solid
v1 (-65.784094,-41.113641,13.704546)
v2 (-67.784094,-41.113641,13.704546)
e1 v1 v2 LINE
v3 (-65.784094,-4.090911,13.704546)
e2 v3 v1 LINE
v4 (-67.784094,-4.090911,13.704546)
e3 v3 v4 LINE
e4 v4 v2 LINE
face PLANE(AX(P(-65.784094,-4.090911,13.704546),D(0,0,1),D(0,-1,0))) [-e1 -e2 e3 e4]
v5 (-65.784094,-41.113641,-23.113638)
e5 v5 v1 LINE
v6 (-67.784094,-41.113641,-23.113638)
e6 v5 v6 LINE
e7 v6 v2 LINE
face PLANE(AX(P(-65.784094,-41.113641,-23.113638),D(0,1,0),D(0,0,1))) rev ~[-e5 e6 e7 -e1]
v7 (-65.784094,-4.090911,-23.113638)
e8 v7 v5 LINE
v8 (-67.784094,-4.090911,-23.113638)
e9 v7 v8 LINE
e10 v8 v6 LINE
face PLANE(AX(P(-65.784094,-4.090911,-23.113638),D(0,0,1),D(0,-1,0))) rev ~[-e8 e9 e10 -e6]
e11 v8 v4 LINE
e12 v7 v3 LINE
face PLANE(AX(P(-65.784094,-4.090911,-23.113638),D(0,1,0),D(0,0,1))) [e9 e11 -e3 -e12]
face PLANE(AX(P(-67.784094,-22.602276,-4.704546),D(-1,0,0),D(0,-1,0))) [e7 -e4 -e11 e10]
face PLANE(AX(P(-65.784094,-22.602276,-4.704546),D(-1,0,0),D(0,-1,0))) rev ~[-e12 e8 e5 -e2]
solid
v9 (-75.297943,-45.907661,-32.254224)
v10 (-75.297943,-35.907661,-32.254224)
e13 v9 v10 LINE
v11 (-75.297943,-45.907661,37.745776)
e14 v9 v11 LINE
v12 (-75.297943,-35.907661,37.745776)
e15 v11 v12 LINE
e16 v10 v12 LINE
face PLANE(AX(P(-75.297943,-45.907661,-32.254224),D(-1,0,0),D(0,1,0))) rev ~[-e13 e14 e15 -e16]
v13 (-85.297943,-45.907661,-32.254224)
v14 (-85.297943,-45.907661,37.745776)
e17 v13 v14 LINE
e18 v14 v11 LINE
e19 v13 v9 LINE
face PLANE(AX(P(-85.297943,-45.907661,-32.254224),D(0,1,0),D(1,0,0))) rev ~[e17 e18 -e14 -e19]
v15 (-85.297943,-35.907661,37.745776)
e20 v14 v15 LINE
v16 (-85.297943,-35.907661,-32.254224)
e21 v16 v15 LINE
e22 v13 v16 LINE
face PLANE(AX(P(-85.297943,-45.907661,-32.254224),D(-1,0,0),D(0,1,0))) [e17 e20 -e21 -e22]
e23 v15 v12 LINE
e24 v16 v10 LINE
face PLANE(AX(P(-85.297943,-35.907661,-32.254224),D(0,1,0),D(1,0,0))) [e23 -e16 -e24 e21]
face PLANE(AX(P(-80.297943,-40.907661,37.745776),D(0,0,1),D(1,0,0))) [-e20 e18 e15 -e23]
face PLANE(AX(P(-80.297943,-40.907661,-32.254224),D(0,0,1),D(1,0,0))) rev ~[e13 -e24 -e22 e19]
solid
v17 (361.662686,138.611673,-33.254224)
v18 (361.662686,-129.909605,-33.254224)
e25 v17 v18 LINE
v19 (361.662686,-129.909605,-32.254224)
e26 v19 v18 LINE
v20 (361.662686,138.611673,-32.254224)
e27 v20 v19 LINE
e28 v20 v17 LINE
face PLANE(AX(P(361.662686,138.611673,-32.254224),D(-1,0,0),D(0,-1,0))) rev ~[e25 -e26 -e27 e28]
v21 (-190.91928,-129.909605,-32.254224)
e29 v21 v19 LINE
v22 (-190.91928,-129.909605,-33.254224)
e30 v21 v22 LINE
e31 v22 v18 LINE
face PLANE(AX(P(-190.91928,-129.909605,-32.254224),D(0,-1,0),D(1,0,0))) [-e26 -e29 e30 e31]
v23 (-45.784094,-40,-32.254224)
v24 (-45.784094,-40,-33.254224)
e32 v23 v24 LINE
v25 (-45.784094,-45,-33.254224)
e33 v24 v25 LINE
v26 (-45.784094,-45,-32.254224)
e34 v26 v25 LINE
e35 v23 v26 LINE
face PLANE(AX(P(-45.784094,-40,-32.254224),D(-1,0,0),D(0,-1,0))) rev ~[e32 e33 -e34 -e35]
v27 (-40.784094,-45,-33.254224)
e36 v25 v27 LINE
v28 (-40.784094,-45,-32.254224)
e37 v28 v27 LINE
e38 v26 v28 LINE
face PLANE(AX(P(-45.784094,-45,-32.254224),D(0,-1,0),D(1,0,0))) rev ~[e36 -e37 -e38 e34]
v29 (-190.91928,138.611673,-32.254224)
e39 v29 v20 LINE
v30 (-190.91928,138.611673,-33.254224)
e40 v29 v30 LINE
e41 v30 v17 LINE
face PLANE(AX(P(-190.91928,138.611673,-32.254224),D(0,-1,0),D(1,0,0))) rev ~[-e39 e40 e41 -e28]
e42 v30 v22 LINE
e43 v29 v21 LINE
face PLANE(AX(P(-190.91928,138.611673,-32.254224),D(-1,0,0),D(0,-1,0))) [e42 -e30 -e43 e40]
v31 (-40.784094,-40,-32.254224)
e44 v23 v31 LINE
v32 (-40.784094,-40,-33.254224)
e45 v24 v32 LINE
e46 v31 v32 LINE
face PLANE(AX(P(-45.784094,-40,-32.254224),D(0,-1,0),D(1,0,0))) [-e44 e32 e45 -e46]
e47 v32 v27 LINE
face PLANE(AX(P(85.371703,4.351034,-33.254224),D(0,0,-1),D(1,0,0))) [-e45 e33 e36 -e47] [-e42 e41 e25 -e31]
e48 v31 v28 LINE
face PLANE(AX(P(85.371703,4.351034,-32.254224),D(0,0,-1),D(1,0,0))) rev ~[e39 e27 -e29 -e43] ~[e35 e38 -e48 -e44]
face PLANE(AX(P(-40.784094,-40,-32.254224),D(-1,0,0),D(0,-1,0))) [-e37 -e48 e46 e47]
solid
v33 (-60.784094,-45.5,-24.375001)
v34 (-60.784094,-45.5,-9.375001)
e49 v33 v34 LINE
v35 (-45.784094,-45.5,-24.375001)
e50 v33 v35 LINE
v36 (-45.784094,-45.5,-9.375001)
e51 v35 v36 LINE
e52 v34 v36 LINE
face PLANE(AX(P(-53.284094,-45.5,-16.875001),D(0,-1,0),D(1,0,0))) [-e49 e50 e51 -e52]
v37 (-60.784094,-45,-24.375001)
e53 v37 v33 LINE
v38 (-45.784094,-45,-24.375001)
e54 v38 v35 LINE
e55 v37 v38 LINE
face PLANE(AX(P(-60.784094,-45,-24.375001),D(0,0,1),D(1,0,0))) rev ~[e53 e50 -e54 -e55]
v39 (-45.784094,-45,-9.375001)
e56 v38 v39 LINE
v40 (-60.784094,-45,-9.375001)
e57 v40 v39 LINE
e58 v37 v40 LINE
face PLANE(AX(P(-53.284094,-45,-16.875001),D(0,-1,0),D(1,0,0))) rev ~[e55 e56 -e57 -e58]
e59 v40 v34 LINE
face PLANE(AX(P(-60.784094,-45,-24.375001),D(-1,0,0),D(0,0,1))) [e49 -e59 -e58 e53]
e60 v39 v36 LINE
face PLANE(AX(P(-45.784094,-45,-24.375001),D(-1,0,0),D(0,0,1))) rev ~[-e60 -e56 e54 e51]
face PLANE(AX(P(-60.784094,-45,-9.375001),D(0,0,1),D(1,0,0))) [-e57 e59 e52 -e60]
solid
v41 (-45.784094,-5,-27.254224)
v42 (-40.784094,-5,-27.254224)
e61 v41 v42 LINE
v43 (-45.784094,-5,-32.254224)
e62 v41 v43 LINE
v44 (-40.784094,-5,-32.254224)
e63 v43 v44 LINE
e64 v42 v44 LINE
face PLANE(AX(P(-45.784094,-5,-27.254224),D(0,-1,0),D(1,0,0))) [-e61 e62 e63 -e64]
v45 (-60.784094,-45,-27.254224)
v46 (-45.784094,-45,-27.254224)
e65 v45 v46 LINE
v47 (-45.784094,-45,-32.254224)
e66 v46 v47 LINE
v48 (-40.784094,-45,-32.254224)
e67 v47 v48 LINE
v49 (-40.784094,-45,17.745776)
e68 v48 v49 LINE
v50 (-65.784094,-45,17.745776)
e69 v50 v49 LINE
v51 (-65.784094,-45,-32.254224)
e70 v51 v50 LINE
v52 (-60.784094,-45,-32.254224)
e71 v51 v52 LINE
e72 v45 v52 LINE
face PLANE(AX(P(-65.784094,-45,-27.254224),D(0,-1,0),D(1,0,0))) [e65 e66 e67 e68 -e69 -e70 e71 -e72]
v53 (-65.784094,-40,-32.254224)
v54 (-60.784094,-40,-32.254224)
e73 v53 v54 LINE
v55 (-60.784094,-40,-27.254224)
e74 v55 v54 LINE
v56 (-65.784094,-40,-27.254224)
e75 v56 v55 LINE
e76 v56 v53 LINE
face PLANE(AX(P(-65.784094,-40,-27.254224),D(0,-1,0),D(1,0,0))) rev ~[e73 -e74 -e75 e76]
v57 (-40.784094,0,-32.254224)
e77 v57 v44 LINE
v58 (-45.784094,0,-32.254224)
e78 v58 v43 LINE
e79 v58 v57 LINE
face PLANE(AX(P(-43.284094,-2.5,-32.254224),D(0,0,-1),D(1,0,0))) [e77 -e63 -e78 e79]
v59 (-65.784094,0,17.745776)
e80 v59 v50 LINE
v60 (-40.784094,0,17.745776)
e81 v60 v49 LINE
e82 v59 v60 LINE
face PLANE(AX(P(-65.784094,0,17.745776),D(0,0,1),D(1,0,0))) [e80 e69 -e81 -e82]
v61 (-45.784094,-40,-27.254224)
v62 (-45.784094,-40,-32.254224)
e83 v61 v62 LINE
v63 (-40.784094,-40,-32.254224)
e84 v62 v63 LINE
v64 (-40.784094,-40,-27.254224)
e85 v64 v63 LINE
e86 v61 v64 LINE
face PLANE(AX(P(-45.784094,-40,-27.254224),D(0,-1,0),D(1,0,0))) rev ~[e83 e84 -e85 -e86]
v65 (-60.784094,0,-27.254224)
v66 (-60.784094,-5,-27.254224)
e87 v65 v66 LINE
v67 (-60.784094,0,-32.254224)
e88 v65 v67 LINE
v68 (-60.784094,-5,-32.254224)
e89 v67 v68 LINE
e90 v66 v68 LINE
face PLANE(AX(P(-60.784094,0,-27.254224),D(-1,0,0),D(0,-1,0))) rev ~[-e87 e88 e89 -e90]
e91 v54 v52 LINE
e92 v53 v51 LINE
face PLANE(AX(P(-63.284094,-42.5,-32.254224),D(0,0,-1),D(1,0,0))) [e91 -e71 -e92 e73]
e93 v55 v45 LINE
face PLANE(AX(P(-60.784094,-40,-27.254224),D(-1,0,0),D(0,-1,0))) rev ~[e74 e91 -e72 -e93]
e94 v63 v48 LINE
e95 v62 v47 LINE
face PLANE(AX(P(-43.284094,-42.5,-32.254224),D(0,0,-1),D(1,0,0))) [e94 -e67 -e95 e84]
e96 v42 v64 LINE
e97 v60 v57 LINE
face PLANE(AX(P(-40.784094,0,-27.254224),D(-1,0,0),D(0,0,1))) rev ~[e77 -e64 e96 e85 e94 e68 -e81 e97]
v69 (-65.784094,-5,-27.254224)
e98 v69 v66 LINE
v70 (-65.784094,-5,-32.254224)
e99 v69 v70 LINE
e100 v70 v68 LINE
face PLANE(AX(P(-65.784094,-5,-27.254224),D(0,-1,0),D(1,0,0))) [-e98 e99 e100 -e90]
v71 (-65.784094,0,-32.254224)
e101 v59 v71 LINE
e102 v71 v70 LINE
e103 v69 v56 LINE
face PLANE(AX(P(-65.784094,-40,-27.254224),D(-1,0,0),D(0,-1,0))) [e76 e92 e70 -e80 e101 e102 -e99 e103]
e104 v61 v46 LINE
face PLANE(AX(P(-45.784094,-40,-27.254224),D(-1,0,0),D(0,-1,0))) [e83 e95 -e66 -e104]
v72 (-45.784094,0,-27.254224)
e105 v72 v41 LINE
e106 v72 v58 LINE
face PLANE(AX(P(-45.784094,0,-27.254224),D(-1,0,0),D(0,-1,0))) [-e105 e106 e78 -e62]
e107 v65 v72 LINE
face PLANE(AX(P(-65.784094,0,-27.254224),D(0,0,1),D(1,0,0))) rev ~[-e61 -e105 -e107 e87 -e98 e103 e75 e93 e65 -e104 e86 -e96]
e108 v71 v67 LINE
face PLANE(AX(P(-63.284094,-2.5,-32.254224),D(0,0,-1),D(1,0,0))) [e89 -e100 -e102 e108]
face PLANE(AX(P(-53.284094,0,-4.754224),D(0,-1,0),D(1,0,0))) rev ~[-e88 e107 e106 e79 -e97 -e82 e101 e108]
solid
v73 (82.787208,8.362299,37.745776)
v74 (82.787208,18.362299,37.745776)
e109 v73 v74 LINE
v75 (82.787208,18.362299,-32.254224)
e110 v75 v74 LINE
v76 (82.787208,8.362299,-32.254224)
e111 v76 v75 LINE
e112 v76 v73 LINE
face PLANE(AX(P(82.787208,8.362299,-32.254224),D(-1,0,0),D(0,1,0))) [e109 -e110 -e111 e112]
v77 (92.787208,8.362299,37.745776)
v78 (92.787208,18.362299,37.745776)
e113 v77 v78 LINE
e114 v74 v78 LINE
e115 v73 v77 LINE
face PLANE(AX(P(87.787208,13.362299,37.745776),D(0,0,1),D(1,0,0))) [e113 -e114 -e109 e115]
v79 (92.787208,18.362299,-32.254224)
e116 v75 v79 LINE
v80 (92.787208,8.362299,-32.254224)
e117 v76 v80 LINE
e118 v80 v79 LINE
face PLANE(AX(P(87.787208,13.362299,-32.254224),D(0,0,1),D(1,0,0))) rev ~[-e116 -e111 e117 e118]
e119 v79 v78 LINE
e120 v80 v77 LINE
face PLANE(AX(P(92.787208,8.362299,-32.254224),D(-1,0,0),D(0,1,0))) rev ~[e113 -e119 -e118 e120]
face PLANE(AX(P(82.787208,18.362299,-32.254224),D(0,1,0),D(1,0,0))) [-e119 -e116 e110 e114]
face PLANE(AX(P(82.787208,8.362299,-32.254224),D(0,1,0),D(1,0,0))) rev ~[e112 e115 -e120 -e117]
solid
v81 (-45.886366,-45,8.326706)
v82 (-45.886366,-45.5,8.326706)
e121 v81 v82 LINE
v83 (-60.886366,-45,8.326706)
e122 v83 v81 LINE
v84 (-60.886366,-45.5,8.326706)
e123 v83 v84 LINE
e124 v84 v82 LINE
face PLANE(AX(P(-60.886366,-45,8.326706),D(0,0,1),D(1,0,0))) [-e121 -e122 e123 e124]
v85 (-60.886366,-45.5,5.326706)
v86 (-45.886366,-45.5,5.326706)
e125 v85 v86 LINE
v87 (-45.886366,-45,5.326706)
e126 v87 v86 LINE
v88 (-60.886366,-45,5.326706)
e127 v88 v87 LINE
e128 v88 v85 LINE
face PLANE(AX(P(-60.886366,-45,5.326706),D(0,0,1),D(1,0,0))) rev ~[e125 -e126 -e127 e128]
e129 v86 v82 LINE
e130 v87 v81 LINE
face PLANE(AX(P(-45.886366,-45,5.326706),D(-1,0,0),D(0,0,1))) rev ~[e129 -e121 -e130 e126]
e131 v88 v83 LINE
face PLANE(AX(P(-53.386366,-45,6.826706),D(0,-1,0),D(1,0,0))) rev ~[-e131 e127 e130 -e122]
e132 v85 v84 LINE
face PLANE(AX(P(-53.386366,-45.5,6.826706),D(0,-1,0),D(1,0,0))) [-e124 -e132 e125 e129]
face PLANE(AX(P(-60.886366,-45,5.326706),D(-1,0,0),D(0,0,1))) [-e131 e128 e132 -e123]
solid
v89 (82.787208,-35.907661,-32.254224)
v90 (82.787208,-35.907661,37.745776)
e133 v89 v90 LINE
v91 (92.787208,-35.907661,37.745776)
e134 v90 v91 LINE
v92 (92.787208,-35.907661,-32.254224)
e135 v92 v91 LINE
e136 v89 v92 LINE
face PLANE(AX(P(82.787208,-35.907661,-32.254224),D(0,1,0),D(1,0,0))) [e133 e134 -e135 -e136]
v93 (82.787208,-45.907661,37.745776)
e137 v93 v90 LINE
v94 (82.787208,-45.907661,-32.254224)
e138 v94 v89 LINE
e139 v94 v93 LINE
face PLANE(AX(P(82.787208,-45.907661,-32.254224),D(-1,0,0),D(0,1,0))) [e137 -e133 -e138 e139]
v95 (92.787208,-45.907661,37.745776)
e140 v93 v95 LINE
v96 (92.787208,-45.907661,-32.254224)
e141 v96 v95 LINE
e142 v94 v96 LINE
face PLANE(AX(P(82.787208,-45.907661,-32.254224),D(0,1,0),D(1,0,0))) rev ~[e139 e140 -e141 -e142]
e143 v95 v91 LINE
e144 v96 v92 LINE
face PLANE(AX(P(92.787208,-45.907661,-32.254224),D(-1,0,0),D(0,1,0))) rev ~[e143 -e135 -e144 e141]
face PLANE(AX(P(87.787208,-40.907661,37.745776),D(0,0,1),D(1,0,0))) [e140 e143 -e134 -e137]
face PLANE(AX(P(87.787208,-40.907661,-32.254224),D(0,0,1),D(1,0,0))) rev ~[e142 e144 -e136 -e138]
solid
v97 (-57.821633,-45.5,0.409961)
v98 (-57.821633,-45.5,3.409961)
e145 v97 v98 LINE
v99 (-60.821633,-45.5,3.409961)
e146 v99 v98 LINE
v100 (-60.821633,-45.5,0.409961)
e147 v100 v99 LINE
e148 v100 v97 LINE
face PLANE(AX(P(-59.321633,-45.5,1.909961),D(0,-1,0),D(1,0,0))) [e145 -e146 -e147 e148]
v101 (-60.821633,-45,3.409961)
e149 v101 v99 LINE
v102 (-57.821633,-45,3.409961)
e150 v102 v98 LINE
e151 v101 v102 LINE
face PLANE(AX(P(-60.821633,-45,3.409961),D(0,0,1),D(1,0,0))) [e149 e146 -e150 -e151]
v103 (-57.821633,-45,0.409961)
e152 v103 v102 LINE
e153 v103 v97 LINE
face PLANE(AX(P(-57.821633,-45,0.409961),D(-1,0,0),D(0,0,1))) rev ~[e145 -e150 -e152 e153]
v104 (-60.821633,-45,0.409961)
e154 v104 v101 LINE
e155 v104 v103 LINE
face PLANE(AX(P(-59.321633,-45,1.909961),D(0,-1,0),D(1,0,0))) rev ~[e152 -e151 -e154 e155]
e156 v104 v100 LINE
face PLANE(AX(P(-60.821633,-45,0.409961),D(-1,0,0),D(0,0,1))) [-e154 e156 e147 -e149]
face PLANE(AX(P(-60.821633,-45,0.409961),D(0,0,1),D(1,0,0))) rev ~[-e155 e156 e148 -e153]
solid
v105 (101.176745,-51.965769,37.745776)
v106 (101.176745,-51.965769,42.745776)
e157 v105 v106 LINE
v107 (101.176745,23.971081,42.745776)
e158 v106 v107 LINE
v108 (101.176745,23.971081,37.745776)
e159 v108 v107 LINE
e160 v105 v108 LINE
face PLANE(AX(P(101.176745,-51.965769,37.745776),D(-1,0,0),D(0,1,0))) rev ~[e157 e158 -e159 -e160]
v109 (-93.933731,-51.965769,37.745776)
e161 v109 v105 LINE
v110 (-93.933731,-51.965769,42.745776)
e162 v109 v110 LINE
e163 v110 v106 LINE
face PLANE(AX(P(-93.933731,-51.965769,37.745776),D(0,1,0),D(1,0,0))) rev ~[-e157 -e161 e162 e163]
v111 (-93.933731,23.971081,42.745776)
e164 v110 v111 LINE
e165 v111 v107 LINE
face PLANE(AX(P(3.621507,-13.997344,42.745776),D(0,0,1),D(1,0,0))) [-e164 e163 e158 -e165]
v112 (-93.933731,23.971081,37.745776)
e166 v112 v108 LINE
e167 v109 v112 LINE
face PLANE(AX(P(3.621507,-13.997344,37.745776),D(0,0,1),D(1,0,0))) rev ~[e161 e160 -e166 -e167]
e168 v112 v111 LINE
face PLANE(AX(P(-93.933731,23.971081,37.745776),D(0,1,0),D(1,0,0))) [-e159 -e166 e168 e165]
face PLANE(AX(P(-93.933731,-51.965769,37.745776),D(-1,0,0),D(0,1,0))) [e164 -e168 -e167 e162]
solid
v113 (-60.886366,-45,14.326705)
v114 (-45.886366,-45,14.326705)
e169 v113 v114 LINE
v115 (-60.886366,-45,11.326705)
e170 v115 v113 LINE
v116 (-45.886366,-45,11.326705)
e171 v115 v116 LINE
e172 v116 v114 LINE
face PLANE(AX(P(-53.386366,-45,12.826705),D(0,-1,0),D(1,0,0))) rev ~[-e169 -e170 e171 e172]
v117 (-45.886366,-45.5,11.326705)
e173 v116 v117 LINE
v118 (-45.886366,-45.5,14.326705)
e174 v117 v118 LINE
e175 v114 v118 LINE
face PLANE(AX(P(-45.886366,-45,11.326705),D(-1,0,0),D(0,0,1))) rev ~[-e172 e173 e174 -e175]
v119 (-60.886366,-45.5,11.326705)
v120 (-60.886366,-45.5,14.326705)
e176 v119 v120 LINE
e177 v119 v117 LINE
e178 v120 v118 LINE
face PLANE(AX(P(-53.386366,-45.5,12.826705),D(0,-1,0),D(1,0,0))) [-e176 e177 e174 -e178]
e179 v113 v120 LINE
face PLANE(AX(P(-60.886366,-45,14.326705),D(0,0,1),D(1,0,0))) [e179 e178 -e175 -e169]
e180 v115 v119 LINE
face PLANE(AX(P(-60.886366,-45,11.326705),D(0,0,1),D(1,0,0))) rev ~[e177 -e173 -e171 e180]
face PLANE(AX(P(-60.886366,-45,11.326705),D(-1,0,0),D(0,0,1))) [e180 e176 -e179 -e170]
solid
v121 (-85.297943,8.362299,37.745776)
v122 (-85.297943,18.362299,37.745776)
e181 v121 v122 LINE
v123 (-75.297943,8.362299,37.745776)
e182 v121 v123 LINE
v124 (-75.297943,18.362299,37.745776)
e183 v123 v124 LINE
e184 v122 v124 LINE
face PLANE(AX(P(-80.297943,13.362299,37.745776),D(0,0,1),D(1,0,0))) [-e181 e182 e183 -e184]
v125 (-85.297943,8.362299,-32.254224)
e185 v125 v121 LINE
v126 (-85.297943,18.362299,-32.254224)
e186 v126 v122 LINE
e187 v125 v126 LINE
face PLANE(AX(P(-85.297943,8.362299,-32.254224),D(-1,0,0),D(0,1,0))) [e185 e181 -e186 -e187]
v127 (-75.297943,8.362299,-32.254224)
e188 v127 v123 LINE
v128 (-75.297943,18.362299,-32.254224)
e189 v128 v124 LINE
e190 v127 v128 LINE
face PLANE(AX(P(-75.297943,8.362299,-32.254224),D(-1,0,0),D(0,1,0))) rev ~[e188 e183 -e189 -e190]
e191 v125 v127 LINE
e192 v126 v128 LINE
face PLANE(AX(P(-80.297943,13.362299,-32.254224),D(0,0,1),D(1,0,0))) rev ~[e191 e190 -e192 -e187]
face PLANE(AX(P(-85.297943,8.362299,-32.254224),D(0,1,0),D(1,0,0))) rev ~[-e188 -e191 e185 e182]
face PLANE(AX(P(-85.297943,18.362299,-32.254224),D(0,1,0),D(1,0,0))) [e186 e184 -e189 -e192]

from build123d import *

# Parameters (mm, degrees)
F0_W      = 25
F0_H      = 45
F1_DEPTH  = 45
F2_W      = 37.02273
F2_H      = 36.818184
F3_DEPTH  = 2
F4_W      = 15
F4_H      = 3
F5_DEPTH  = 0.5
F6_W      = 15
F6_H      = 15
F7_DEPTH  = 0.5
F8_W      = 3
F8_H      = 3
F9_DEPTH  = 0.5
F11_W     = 5
F11_H     = 5
F12_DEPTH = 5
F13_W     = 552.581966
F13_H     = 268.521279
F13_W_2   = 5
F13_H_2   = 5
F14_DEPTH = 1
F15_W     = 10
F15_H     = 10
F16_DEPTH = 70
F17_W     = 195.110477
F17_H     = 75.93685
F18_DEPTH = 5


with BuildPart() as f1:
    # F0 (on Front) → F1 (new body)
    with BuildSketch(Plane.XZ):
        with Locations((-53.284094, -4.754224)):
            Rectangle(F0_W, F0_H)
    extrude(amount=F1_DEPTH)

    # F11 (on face) → F12 (join)
    with BuildSketch(Plane(origin=(0, 0, -27.254224), x_dir=(1, 0, 0), z_dir=(0, 0, -1))):
        with Locations((-63.284094, 42.5)):
            Rectangle(F11_W, F11_H)
        with Locations((-43.284094, 42.5)):
            Rectangle(F11_W, F11_H)
        with Locations((-63.284094, 2.5)):
            Rectangle(F11_W, F11_H)
        with Locations((-43.284094, 2.5)):
            Rectangle(F11_W, F11_H)
    extrude(amount=F12_DEPTH)


with BuildPart() as f3:
    # F2 (on face) → F3 (new body)
    with BuildSketch(Plane(origin=(-65.784094, 0, 0), x_dir=(0, -1, 0), z_dir=(-1, 0, 0))):
        with Locations((22.602276, -4.704546)):
            Rectangle(F2_W, F2_H)
    extrude(amount=F3_DEPTH)


with BuildPart() as f5:
    # F4 (on face) → F5 (new body)
    with BuildSketch(Plane.XZ.offset(45)):
        with Locations((-53.386366, 12.826705)):
            Rectangle(F4_W, F4_H)
        with Locations((-53.386366, 6.826706)):
            Rectangle(F4_W, F4_H)
    extrude(amount=F5_DEPTH)


with BuildPart() as f7:
    # F6 (on face) → F7 (new body)
    with BuildSketch(Plane.XZ.offset(45)):
        with Locations((-53.284094, -16.875001)):
            Rectangle(F6_W, F6_H)
    extrude(amount=F7_DEPTH)


with BuildPart() as f9:
    # F8 (on face) → F9 (new body)
    with BuildSketch(Plane.XZ.offset(45)):
        with Locations((-59.321633, 1.909961)):
            Rectangle(F8_W, F8_H)
    extrude(amount=F9_DEPTH)


with BuildPart() as f14:
    # F13 (on face) → F14 (new body)
    with BuildSketch(Plane(origin=(0, 0, -32.254224), x_dir=(1, 0, 0), z_dir=(0, 0, -1))):
        with Locations((85.371703, -4.351034)):
            Rectangle(F13_W, F13_H)
        with Locations((-43.284094, 42.5)):
            Rectangle(F13_W_2, F13_H_2, mode=Mode.SUBTRACT)
    extrude(amount=F14_DEPTH)


with BuildPart() as f16:
    # F15 (on face) → F16 (new body)
    with BuildSketch(Plane.XY.offset(-32.254224)):
        with Locations((-80.297943, 13.362299)):
            Rectangle(F15_W, F15_H)
        with Locations((87.787208, 13.362299)):
            Rectangle(F15_W, F15_H)
        with Locations((-80.297943, -40.907661)):
            Rectangle(F15_W, F15_H)
        with Locations((87.787208, -40.907661)):
            Rectangle(F15_W, F15_H)
    extrude(amount=F16_DEPTH)


with BuildPart() as f18:
    # F17 (on face) → F18 (new body)
    with BuildSketch(Plane.XY.offset(37.745776)):
        with Locations((3.621507, -13.997344)):
            Rectangle(F17_W, F17_H)
    extrude(amount=F18_DEPTH)


solid = Compound([f1.part, f3.part, f5.part, f7.part, f9.part, f14.part, f16.part, f18.part])
